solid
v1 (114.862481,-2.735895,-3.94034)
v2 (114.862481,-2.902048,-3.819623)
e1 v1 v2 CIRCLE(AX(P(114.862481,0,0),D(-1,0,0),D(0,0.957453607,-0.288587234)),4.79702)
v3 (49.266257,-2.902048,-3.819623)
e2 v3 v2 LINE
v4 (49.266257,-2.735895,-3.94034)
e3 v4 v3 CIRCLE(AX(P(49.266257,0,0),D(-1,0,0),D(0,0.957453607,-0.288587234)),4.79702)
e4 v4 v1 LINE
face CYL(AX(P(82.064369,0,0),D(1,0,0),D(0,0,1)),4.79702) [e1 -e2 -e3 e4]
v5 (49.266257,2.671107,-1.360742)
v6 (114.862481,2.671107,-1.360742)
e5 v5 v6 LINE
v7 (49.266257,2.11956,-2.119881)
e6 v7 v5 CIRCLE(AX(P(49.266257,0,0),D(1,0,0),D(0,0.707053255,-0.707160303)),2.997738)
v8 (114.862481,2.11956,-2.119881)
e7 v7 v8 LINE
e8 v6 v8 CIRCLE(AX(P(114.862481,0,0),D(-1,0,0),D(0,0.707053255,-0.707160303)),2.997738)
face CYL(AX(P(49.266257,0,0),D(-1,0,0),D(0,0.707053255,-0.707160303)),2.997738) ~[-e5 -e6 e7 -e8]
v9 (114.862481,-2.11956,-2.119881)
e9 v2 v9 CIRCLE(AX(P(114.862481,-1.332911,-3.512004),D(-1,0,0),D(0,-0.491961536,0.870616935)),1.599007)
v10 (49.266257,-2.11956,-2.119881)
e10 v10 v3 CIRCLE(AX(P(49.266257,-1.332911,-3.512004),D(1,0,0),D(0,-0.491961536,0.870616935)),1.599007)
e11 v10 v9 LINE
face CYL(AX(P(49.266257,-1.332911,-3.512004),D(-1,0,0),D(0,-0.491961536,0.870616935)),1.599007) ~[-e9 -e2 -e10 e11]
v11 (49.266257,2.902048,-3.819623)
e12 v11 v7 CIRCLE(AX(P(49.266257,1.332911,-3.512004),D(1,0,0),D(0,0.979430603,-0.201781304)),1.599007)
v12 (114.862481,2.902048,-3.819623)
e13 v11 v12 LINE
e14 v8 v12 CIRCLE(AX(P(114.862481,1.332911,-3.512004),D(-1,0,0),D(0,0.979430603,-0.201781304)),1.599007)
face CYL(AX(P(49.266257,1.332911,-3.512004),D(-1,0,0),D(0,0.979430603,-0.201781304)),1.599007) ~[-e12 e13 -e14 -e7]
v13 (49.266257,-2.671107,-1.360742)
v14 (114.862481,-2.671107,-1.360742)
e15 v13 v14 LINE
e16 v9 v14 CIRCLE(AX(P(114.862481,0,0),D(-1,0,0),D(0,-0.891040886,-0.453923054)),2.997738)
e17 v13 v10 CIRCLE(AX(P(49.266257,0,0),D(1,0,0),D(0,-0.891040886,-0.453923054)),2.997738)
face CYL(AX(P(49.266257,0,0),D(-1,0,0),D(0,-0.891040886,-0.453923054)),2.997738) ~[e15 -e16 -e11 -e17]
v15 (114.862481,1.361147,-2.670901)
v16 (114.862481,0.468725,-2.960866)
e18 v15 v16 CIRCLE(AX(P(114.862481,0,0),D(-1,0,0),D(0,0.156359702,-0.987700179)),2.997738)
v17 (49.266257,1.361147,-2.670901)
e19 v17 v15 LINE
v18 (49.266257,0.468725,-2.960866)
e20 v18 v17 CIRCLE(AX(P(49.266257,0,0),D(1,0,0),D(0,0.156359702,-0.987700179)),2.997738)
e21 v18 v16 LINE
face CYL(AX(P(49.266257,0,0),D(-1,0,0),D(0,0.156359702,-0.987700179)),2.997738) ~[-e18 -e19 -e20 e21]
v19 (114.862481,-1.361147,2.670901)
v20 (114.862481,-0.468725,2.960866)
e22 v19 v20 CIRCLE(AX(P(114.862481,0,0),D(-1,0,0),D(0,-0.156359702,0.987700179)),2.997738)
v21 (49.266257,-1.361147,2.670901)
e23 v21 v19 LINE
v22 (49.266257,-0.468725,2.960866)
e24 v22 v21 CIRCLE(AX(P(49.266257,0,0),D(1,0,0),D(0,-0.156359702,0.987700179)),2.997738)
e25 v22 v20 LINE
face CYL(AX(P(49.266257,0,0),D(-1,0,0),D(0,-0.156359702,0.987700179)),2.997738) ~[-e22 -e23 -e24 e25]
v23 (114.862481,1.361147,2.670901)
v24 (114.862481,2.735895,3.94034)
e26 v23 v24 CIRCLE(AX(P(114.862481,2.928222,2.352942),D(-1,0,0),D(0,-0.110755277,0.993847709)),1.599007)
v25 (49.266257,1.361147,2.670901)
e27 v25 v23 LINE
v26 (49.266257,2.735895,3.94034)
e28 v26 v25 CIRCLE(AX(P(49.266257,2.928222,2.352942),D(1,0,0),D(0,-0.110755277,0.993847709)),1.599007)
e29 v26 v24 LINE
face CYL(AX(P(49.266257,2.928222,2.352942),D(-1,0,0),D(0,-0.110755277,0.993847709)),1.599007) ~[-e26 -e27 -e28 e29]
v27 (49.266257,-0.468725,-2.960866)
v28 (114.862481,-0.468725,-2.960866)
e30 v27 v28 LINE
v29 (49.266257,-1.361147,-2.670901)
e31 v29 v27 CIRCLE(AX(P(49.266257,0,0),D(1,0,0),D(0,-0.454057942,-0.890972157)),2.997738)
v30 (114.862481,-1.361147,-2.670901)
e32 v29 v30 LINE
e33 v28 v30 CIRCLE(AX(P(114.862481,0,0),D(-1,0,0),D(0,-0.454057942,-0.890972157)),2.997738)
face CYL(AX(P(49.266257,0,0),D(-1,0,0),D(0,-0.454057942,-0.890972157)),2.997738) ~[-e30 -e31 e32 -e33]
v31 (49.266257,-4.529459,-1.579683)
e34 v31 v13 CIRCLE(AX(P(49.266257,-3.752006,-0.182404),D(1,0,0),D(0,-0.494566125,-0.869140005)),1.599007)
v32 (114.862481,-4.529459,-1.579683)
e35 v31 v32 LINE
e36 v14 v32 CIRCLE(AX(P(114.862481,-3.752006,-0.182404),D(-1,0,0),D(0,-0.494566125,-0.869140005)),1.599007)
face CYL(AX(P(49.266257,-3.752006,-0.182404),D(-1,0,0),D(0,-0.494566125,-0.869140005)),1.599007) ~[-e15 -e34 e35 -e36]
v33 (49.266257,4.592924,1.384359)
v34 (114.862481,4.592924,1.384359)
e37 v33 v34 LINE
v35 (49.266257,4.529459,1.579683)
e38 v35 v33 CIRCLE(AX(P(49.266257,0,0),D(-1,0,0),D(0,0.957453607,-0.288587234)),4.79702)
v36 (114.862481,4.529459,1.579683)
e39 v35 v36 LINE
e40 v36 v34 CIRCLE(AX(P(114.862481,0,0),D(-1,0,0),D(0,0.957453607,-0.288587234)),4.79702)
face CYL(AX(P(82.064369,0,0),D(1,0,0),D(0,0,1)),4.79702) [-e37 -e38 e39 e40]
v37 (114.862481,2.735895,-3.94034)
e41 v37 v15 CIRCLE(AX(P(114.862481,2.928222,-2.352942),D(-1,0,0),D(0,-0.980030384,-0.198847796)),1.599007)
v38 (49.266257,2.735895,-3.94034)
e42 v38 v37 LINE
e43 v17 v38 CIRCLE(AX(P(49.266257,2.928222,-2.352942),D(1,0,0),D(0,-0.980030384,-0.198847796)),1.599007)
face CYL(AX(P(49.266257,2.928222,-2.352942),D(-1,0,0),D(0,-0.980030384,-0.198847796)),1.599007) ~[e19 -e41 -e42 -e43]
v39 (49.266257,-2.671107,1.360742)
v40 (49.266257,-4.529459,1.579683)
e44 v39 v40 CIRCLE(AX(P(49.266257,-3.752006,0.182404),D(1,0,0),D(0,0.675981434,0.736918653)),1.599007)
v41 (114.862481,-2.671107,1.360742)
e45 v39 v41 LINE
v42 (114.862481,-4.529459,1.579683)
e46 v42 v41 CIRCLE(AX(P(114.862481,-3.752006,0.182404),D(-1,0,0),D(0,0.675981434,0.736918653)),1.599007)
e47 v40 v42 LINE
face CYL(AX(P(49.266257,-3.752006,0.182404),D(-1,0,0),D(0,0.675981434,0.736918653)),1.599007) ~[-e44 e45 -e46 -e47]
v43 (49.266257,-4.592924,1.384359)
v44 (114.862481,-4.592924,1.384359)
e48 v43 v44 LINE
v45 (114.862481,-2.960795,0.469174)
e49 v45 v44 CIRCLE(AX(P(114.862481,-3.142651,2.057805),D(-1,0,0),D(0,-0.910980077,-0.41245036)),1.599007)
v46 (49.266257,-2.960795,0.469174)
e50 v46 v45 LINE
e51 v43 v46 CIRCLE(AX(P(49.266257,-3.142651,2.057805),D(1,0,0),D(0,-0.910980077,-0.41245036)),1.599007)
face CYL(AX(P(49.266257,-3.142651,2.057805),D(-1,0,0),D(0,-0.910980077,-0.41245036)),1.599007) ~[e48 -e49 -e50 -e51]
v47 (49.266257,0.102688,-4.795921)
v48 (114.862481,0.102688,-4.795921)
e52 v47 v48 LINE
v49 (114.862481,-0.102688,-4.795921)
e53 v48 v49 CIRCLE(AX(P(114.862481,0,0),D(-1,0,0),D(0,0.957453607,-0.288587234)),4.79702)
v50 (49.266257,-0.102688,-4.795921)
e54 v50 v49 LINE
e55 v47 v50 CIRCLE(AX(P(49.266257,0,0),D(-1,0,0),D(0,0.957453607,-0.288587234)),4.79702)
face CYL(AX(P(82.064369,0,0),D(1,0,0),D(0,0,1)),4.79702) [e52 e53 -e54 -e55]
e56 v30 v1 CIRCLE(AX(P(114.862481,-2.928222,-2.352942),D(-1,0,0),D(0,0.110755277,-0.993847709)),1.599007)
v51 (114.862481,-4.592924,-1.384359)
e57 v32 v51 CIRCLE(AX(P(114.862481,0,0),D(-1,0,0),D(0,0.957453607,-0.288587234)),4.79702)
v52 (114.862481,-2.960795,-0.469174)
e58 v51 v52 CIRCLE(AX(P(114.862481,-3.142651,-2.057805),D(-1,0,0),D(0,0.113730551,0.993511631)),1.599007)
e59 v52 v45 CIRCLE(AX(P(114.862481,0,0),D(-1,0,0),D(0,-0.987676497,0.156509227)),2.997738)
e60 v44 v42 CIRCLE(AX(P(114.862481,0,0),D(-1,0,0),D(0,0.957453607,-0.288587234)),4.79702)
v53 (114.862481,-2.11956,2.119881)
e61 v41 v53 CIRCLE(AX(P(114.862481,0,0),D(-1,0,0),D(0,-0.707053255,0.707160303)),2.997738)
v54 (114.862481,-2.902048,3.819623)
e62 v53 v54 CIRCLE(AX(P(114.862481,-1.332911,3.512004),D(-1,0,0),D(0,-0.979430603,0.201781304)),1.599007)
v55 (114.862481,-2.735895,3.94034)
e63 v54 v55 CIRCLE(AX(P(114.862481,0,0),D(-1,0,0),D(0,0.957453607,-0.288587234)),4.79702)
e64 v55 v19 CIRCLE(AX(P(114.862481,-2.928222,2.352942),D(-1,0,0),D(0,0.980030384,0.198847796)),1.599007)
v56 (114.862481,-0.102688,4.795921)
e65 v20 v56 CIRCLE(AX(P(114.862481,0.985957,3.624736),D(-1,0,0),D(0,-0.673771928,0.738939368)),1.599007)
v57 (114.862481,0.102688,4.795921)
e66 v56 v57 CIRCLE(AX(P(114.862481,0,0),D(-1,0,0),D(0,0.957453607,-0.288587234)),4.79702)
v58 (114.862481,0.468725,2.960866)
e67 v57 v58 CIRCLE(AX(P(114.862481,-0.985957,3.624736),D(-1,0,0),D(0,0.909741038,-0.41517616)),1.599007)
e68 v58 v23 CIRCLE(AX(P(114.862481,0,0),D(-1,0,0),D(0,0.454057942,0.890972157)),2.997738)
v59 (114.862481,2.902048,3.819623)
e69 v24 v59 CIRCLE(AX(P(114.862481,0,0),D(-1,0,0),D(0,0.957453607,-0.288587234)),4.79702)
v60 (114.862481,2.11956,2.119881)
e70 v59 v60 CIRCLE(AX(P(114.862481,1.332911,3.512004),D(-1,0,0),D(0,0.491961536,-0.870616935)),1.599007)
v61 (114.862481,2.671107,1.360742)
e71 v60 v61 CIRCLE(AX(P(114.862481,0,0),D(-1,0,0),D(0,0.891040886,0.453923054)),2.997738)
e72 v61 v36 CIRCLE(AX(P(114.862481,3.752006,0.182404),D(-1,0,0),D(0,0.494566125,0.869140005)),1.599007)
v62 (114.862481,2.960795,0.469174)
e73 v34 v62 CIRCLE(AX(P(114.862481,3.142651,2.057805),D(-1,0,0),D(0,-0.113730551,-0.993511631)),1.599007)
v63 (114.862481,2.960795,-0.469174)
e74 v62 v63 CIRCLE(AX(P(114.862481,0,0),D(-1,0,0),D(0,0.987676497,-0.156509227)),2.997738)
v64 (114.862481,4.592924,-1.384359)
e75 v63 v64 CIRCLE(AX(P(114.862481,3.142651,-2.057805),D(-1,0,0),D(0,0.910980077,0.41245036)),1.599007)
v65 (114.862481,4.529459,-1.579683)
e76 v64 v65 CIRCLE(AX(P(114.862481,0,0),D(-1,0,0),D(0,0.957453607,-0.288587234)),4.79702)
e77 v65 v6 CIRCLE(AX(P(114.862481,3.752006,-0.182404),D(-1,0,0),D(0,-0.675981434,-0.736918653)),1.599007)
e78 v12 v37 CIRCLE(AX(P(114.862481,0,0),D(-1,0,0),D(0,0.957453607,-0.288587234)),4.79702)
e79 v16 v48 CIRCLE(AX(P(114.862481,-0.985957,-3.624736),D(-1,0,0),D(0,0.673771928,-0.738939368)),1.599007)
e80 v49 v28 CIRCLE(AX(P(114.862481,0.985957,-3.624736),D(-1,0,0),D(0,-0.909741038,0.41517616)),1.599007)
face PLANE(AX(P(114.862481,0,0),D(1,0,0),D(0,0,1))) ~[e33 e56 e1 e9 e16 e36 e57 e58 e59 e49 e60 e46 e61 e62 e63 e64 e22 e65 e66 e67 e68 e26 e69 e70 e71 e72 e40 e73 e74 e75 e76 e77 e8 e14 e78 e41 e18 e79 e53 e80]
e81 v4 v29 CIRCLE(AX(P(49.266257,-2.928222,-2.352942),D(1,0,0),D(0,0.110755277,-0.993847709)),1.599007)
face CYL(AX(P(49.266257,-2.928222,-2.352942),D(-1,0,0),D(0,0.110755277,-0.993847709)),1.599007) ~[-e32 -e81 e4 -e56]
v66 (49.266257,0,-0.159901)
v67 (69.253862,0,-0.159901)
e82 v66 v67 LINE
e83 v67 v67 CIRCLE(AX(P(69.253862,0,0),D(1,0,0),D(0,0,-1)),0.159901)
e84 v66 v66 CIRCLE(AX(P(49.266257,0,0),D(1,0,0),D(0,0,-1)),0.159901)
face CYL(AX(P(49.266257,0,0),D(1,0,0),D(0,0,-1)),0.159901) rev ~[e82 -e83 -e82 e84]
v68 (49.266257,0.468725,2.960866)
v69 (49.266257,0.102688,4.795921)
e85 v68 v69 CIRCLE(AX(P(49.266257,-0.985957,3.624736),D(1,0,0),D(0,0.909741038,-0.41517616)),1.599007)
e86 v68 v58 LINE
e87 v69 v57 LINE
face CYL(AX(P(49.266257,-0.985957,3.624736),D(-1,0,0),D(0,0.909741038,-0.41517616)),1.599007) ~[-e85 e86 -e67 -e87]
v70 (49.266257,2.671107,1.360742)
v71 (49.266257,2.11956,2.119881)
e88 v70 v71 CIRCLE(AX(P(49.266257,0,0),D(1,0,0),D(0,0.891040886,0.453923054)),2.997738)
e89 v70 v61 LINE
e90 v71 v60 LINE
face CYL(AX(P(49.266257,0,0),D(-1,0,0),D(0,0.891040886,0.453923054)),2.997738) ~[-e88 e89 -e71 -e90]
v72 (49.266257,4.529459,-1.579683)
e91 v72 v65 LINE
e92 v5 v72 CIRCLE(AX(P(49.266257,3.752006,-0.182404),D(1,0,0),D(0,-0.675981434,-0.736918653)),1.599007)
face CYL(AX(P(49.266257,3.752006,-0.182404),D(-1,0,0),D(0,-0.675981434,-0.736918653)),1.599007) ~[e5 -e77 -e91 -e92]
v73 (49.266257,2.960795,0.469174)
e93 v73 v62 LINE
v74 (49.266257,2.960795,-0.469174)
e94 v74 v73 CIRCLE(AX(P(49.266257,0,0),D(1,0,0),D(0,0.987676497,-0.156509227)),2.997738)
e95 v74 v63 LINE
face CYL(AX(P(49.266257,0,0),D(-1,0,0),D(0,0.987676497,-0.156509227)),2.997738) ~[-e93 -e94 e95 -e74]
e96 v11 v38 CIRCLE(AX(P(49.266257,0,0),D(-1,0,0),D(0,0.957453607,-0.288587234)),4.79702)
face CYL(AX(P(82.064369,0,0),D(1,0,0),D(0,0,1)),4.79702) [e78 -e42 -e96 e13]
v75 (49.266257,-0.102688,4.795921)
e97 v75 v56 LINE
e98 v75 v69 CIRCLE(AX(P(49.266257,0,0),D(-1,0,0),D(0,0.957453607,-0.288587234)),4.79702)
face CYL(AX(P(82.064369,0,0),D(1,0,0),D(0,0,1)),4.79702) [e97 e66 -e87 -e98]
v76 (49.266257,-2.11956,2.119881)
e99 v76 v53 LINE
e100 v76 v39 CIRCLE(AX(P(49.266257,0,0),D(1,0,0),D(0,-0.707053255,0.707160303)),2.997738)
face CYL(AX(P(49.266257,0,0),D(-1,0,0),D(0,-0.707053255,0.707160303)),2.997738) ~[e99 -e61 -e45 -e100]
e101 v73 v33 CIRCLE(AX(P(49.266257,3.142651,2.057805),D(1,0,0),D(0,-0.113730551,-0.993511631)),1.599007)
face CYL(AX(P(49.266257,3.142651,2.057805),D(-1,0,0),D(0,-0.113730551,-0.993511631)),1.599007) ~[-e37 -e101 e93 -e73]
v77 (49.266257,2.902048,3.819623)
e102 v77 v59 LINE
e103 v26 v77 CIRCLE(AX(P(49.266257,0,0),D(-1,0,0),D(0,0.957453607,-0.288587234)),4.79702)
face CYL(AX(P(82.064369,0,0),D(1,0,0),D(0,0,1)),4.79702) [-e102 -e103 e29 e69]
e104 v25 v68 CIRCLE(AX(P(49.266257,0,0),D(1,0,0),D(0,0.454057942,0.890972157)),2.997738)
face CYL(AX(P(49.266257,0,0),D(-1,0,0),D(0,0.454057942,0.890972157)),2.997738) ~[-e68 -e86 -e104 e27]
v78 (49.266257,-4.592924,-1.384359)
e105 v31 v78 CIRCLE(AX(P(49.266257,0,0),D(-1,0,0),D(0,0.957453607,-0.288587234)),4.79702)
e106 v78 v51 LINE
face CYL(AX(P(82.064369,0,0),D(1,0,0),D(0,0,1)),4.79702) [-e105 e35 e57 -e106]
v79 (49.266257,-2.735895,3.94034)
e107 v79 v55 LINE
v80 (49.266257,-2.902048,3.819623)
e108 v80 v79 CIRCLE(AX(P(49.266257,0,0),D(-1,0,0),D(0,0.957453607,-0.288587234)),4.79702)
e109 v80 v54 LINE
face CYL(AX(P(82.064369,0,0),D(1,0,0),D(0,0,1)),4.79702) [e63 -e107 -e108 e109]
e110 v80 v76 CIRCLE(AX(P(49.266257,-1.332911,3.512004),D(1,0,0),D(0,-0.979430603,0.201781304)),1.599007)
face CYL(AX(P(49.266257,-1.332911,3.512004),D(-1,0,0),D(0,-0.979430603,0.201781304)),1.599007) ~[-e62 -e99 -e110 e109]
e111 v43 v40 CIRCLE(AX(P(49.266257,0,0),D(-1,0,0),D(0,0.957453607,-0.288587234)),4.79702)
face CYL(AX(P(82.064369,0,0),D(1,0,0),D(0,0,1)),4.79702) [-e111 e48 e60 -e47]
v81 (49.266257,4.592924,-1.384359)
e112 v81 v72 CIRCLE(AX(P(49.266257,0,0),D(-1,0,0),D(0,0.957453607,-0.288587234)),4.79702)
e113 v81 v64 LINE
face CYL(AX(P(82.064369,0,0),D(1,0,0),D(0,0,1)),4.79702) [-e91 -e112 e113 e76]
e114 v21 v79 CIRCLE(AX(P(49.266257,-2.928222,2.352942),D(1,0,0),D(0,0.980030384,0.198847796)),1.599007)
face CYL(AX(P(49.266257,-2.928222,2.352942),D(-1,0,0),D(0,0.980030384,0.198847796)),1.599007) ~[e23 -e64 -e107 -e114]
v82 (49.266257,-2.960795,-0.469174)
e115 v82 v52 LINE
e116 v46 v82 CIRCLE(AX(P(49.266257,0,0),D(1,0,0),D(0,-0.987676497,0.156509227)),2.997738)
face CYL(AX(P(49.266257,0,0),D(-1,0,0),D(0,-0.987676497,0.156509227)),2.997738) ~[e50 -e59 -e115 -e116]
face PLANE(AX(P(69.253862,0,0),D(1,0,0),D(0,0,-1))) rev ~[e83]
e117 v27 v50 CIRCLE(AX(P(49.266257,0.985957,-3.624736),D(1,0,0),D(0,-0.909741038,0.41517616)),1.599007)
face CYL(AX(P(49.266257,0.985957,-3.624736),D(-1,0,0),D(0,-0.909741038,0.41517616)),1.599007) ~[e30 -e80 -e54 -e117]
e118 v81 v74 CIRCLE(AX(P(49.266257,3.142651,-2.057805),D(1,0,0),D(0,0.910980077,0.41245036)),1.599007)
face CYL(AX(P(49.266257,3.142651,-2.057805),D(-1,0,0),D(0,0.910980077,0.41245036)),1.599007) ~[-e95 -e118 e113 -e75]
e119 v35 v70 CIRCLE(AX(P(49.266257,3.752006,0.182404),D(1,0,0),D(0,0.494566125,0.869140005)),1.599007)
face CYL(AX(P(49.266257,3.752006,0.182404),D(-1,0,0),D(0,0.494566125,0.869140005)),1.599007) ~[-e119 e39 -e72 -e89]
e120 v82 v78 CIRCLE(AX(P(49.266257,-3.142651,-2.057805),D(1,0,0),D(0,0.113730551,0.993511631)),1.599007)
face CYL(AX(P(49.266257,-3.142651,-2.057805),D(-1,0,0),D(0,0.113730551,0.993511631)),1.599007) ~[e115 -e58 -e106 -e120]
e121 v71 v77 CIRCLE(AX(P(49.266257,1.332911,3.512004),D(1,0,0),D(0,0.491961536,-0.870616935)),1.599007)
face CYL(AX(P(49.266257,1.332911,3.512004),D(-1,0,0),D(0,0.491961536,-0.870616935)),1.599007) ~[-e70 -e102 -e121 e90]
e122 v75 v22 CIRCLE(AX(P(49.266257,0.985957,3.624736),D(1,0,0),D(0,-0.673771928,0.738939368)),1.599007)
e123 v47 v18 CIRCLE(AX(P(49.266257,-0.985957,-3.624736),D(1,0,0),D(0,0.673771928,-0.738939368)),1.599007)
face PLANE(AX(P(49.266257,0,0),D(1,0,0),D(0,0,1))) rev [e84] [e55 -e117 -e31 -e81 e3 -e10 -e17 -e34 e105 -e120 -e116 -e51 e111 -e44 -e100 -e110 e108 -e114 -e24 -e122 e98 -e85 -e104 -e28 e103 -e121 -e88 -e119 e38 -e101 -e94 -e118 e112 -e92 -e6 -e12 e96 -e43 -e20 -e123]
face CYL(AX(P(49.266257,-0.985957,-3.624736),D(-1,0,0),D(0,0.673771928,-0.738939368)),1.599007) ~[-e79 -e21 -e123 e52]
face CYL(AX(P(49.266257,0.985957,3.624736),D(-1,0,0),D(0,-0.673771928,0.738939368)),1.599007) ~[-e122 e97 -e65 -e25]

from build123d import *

# Parameters (mm, degrees)
BASPROSKE_W     = 164.092427176
BASPROSKE_H     = 12
TOOTHCUT_DEPTH  = 165.967647302
TEETHCUTS_COUNT = 10
TEETHCUTS_ANGLE = 324
BORSKE_R        = 0.4
BORE_DEPTH      = 50.0000508
SCALE1_SCALE    = 0.399751684


with BuildPart() as part:
    # BasProSke → Base-Revolve (revolve)
    with BuildSketch(Plane(origin=(0, 0, 0), x_dir=(1, 0, 0), z_dir=(0, 1, 0)), mode=Mode.PRIVATE) as base_revolve_sk:
        with Locations((82.046213588, 6)):
            Rectangle(BASPROSKE_W, BASPROSKE_H)
    revolve(base_revolve_sk.sketch.rotate(Axis((-10, 0, 0), (1, 0, 0)), 180), axis=Axis((-10, 0, 0), (1, 0, 0)))

    # TooCutSke → ToothCut (cut, through all)
    with BuildSketch(Plane(origin=(0, 0, 0), x_dir=(0, 0, -1), z_dir=(1, 0, 0))):
        with BuildLine():
            ThreePointArc((1.173662691, 7.406586048), (0, 7.499), (-1.173662691, 7.406586048))
            ThreePointArc((-1.173662691, 7.406586048), (-1.668191438, 9.834565786), (-3.497907776, 11.50542856))
            ThreePointArc((-3.497907776, 11.50542856), (0, 12.0254), (3.497907776, 11.50542856))
            ThreePointArc((3.497907776, 11.50542856), (1.668191438, 9.834565786), (1.173662691, 7.406586048))
        make_face()
    toothcut = extrude(amount=TOOTHCUT_DEPTH, mode=Mode.SUBTRACT)

    # TeethCuts: ToothCut ×10 about axis
    teethcuts_axis = Axis((-10, 0, 0), (1, 0, 0))
    for i in range(1, TEETHCUTS_COUNT):
        add(toothcut.rotate(teethcuts_axis, i * TEETHCUTS_ANGLE / (TEETHCUTS_COUNT - 1)), mode=Mode.SUBTRACT)

    # BorSke → Bore (cut, symmetric)
    with BuildSketch(Plane(origin=(0, 0, 0), x_dir=(0, 0, -1), z_dir=(1, 0, 0))):
        Circle(BORSKE_R)
    extrude(amount=BORE_DEPTH, both=True, mode=Mode.SUBTRACT)


with BuildPart() as part_1:
    # Scale1: scaled about (82.076460717, 0, 0)
    add(part.part.scale(SCALE1_SCALE).moved(Location((49.266257357, 0, 0))))


solid = part_1.part
